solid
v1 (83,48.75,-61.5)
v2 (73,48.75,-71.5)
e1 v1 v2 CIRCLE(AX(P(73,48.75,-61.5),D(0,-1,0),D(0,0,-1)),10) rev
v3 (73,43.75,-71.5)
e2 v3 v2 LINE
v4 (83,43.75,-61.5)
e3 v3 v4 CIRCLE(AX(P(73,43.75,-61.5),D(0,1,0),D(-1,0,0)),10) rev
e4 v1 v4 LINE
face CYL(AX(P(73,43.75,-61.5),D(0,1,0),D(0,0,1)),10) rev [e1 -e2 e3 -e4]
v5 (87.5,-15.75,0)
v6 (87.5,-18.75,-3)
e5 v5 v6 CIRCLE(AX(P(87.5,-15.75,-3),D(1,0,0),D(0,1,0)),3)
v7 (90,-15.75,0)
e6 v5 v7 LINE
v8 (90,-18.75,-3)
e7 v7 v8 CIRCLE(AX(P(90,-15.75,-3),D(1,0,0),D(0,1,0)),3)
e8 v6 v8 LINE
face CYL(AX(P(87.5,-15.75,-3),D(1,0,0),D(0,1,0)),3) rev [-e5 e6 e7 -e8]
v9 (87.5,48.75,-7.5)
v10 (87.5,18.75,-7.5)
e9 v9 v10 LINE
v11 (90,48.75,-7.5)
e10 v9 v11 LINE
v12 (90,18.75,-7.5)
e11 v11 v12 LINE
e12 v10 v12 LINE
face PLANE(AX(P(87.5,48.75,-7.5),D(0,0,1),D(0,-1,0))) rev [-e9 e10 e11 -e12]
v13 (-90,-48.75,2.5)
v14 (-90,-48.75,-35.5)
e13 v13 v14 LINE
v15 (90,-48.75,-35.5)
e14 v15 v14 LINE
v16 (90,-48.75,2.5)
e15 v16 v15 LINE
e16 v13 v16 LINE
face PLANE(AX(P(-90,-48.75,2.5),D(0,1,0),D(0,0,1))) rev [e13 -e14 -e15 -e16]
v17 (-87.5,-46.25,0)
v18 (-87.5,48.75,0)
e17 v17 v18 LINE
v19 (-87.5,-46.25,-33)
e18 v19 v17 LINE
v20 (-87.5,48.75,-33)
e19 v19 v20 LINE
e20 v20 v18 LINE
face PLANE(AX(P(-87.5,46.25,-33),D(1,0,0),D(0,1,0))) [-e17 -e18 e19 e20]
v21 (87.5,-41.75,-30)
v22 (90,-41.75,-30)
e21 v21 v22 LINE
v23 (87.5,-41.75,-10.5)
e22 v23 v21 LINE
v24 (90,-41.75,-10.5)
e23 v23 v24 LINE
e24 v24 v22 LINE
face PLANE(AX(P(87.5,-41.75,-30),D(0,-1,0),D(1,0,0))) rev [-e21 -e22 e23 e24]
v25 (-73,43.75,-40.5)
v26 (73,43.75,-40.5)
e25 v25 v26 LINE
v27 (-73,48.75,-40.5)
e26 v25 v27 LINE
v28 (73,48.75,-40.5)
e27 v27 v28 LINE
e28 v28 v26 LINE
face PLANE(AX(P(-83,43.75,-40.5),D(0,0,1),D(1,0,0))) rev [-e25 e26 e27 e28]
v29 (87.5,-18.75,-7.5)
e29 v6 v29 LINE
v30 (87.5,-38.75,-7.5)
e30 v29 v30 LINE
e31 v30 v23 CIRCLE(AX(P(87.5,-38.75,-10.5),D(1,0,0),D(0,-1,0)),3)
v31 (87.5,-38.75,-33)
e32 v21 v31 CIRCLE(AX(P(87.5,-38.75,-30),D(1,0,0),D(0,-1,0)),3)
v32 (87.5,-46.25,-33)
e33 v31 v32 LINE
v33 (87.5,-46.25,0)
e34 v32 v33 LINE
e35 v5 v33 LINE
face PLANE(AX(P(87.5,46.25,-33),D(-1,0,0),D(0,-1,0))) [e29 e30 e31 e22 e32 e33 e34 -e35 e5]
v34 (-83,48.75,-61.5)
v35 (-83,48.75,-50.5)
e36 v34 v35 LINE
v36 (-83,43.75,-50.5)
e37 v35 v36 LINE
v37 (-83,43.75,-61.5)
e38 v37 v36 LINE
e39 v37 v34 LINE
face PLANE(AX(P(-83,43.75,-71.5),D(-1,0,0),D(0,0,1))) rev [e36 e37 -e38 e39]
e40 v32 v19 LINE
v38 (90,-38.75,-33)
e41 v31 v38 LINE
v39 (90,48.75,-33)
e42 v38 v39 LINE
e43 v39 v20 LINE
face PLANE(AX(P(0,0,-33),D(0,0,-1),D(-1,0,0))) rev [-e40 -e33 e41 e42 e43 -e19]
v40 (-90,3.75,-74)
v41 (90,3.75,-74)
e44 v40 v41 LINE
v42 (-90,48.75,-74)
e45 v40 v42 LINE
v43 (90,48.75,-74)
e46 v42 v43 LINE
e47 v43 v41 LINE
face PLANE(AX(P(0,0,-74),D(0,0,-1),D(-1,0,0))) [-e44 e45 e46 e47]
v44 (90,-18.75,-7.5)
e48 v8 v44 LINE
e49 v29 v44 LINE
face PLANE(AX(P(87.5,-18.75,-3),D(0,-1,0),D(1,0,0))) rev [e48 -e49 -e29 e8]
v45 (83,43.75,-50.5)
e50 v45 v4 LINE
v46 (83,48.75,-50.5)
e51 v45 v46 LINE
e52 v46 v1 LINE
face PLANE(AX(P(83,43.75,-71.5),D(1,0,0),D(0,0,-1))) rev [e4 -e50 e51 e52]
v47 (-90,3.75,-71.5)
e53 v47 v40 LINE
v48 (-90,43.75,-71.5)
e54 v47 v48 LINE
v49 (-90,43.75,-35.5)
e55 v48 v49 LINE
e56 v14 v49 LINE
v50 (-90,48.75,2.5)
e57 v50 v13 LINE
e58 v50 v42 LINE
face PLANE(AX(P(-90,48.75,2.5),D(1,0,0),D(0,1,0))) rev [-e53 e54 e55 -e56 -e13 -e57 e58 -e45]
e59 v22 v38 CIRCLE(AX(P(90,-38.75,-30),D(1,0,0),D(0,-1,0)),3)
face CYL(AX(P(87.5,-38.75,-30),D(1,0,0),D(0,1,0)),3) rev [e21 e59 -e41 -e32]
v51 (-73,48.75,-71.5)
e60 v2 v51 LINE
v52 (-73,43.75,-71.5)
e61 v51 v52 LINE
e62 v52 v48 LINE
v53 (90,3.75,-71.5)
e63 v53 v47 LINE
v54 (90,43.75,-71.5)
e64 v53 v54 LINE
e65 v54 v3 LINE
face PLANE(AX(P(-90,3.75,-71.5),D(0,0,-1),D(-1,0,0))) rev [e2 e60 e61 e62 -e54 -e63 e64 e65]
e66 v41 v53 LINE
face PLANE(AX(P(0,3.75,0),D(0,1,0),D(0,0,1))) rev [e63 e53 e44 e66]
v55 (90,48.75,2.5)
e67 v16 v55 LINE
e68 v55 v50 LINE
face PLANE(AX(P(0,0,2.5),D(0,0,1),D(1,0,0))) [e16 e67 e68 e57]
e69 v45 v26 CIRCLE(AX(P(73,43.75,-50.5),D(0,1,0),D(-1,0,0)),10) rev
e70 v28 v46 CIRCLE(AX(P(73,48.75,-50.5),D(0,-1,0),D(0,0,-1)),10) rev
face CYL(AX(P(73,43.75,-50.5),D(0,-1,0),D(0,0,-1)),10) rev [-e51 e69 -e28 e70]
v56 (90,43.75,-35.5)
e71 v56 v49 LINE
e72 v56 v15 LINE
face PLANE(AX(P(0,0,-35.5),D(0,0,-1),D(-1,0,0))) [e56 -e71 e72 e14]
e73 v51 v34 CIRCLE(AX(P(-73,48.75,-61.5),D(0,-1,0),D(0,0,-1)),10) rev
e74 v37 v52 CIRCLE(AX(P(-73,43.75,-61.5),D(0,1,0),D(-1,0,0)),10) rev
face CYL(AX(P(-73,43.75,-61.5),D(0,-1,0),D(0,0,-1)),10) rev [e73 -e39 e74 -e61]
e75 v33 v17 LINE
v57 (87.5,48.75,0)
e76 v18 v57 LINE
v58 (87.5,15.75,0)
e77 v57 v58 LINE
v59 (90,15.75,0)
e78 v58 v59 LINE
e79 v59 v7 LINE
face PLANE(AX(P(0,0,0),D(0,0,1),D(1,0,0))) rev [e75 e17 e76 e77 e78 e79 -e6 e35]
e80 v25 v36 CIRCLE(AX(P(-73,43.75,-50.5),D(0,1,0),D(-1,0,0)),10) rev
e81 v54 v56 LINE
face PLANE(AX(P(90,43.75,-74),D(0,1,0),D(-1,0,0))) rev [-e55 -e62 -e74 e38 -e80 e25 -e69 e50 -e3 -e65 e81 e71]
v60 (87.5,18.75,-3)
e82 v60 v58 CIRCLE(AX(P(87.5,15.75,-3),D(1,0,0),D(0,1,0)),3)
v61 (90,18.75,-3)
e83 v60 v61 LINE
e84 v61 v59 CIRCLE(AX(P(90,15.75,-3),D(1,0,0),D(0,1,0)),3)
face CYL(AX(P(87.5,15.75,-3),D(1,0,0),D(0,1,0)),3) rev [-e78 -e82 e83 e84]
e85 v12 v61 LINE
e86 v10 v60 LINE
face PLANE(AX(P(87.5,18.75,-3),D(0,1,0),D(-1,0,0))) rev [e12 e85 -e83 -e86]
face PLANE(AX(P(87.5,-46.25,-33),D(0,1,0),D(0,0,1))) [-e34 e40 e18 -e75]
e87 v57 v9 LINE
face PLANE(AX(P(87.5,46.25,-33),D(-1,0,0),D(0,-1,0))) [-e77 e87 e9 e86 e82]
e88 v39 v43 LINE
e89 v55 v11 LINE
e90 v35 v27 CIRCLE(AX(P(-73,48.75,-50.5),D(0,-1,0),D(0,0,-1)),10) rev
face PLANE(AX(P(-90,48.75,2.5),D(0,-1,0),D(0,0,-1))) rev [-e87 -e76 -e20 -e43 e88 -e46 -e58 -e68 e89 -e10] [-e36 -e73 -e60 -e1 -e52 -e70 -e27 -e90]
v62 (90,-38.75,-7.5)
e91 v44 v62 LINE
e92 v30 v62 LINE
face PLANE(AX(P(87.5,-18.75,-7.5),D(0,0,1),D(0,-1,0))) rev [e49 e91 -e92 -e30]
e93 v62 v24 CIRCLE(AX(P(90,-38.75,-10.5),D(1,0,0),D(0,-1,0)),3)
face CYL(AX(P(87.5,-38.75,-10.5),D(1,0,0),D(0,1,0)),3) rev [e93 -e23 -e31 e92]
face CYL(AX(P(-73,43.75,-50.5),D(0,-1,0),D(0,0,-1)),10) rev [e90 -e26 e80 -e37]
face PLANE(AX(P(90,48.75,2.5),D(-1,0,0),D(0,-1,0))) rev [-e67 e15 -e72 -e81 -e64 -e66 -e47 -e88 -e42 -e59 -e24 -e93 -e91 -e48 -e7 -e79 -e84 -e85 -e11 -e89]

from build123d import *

# Parameters (mm, degrees)
SKETCH1_W           = 180
SKETCH1_H           = 97.5
BOSS_EXTRUDE1_DEPTH = 2.5
SKETCH2_W           = 180
SKETCH2_H           = 97.5
SKETCH2_W_2         = 175
SKETCH2_H_2         = 92.5
BOSS_EXTRUDE2_DEPTH = 33
SKETCH3_W           = 180
SKETCH3_H           = 97.5
BOSS_EXTRUDE3_DEPTH = 2.5
SKETCH4_W           = 180
SKETCH4_H           = 5
BOSS_EXTRUDE4_DEPTH = 38.5
SKETCH5_W           = 180
SKETCH5_H           = 2.5
BOSS_EXTRUDE5_DEPTH = 40
SKETCH7_W           = 175
SKETCH7_H           = 33
CUT_EXTRUDE2_DEPTH  = 2.5
CUT_EXTRUDE3_DEPTH  = 2.5
SKETCH12_W          = 166
SKETCH12_H          = 31
CUT_EXTRUDE5_DEPTH  = 5
FILLET1_R           = 10
FILLET2_R           = 10
FILLET3_R           = 10
FILLET4_R           = 10


with BuildPart() as part:
    # Sketch1 → Boss-Extrude1 (new body)
    with BuildSketch(Plane.XY):
        Rectangle(SKETCH1_W, SKETCH1_H)
    extrude(amount=BOSS_EXTRUDE1_DEPTH)

    # Sketch2 → Boss-Extrude2 (add)
    with BuildSketch(Plane(origin=(0, 0, 0), x_dir=(-1, 0, 0), z_dir=(0, 0, -1))):
        Rectangle(SKETCH2_W, SKETCH2_H)
        Rectangle(SKETCH2_W_2, SKETCH2_H_2, mode=Mode.SUBTRACT)
    extrude(amount=BOSS_EXTRUDE2_DEPTH)

    # Sketch3 → Boss-Extrude3 (add)
    with BuildSketch(Plane(origin=(0, 0, -33), x_dir=(-1, 0, 0), z_dir=(0, 0, -1))):
        Rectangle(SKETCH3_W, SKETCH3_H)
    extrude(amount=BOSS_EXTRUDE3_DEPTH)

    # Sketch4 → Boss-Extrude4 (add)
    with BuildSketch(Plane(origin=(0, 0, -35.5), x_dir=(-1, 0, 0), z_dir=(0, 0, -1))):
        with Locations((0, 46.25)):
            Rectangle(SKETCH4_W, SKETCH4_H)
    extrude(amount=BOSS_EXTRUDE4_DEPTH)

    # Sketch5 → Boss-Extrude5 (add)
    with BuildSketch(Plane.XZ.offset(-43.75)):
        with Locations((0, -72.75)):
            Rectangle(SKETCH5_W, SKETCH5_H)
    extrude(amount=BOSS_EXTRUDE5_DEPTH)

    # Sketch7 → Cut-Extrude2 (cut)
    with BuildSketch(Plane(origin=(0, 48.75, 0), x_dir=(1, 0, 0), z_dir=(0, 1, 0))):
        with Locations((0, 16.5)):
            Rectangle(SKETCH7_W, SKETCH7_H)
    extrude(amount=-CUT_EXTRUDE2_DEPTH, mode=Mode.SUBTRACT)

    # Sketch9 → Cut-Extrude3 (cut)
    with BuildSketch(Plane(origin=(90, 0, 0), x_dir=(0, 0, -1), z_dir=(1, 0, 0))):
        with BuildLine():
            Line((33, 48.75), (7.5, 48.75))
            Line((7.5, 48.75), (7.5, 18.75))
            Line((7.5, 18.75), (3, 18.75))
            ThreePointArc((3, 18.75), (0.878679656, 17.871320344), (0, 15.75))
            Line((0, 15.75), (0, -15.75))
            ThreePointArc((0, -15.75), (0.878679656, -17.871320344), (3, -18.75))
            Line((3, -18.75), (7.5, -18.75))
            Line((7.5, -18.75), (7.5, -38.75))
            ThreePointArc((7.5, -38.75), (8.378679656, -40.871320344), (10.5, -41.75))
            Line((10.5, -41.75), (30, -41.75))
            ThreePointArc((30, -41.75), (32.121320344, -40.871320344), (33, -38.75))
            Line((33, -38.75), (33, 48.75))
        make_face()
    extrude(amount=-CUT_EXTRUDE3_DEPTH, mode=Mode.SUBTRACT)

    # Sketch12 → Cut-Extrude5 (cut)
    with BuildSketch(Plane(origin=(0, 48.75, 0), x_dir=(1, 0, 0), z_dir=(0, 1, 0))):
        with Locations((0, 56)):
            Rectangle(SKETCH12_W, SKETCH12_H)
    extrude(amount=-CUT_EXTRUDE5_DEPTH, mode=Mode.SUBTRACT)

    # Fillet1
    fillet1_edges = [part.edges().sort_by_distance(p)[0] for p in [
        (83, 46.25, -40.5),
    ]]
    fillet(fillet1_edges, radius=FILLET1_R)

    # Fillet2
    fillet2_edges = [part.edges().sort_by_distance(p)[0] for p in [
        (83, 46.25, -71.5),
    ]]
    fillet(fillet2_edges, radius=FILLET2_R)

    # Fillet3
    fillet3_edges = [part.edges().sort_by_distance(p)[0] for p in [
        (-83, 46.25, -40.5),
    ]]
    fillet(fillet3_edges, radius=FILLET3_R)

    # Fillet4
    fillet4_edges = [part.edges().sort_by_distance(p)[0] for p in [
        (-83, 46.25, -71.5),
    ]]
    fillet(fillet4_edges, radius=FILLET4_R)


solid = part.part
